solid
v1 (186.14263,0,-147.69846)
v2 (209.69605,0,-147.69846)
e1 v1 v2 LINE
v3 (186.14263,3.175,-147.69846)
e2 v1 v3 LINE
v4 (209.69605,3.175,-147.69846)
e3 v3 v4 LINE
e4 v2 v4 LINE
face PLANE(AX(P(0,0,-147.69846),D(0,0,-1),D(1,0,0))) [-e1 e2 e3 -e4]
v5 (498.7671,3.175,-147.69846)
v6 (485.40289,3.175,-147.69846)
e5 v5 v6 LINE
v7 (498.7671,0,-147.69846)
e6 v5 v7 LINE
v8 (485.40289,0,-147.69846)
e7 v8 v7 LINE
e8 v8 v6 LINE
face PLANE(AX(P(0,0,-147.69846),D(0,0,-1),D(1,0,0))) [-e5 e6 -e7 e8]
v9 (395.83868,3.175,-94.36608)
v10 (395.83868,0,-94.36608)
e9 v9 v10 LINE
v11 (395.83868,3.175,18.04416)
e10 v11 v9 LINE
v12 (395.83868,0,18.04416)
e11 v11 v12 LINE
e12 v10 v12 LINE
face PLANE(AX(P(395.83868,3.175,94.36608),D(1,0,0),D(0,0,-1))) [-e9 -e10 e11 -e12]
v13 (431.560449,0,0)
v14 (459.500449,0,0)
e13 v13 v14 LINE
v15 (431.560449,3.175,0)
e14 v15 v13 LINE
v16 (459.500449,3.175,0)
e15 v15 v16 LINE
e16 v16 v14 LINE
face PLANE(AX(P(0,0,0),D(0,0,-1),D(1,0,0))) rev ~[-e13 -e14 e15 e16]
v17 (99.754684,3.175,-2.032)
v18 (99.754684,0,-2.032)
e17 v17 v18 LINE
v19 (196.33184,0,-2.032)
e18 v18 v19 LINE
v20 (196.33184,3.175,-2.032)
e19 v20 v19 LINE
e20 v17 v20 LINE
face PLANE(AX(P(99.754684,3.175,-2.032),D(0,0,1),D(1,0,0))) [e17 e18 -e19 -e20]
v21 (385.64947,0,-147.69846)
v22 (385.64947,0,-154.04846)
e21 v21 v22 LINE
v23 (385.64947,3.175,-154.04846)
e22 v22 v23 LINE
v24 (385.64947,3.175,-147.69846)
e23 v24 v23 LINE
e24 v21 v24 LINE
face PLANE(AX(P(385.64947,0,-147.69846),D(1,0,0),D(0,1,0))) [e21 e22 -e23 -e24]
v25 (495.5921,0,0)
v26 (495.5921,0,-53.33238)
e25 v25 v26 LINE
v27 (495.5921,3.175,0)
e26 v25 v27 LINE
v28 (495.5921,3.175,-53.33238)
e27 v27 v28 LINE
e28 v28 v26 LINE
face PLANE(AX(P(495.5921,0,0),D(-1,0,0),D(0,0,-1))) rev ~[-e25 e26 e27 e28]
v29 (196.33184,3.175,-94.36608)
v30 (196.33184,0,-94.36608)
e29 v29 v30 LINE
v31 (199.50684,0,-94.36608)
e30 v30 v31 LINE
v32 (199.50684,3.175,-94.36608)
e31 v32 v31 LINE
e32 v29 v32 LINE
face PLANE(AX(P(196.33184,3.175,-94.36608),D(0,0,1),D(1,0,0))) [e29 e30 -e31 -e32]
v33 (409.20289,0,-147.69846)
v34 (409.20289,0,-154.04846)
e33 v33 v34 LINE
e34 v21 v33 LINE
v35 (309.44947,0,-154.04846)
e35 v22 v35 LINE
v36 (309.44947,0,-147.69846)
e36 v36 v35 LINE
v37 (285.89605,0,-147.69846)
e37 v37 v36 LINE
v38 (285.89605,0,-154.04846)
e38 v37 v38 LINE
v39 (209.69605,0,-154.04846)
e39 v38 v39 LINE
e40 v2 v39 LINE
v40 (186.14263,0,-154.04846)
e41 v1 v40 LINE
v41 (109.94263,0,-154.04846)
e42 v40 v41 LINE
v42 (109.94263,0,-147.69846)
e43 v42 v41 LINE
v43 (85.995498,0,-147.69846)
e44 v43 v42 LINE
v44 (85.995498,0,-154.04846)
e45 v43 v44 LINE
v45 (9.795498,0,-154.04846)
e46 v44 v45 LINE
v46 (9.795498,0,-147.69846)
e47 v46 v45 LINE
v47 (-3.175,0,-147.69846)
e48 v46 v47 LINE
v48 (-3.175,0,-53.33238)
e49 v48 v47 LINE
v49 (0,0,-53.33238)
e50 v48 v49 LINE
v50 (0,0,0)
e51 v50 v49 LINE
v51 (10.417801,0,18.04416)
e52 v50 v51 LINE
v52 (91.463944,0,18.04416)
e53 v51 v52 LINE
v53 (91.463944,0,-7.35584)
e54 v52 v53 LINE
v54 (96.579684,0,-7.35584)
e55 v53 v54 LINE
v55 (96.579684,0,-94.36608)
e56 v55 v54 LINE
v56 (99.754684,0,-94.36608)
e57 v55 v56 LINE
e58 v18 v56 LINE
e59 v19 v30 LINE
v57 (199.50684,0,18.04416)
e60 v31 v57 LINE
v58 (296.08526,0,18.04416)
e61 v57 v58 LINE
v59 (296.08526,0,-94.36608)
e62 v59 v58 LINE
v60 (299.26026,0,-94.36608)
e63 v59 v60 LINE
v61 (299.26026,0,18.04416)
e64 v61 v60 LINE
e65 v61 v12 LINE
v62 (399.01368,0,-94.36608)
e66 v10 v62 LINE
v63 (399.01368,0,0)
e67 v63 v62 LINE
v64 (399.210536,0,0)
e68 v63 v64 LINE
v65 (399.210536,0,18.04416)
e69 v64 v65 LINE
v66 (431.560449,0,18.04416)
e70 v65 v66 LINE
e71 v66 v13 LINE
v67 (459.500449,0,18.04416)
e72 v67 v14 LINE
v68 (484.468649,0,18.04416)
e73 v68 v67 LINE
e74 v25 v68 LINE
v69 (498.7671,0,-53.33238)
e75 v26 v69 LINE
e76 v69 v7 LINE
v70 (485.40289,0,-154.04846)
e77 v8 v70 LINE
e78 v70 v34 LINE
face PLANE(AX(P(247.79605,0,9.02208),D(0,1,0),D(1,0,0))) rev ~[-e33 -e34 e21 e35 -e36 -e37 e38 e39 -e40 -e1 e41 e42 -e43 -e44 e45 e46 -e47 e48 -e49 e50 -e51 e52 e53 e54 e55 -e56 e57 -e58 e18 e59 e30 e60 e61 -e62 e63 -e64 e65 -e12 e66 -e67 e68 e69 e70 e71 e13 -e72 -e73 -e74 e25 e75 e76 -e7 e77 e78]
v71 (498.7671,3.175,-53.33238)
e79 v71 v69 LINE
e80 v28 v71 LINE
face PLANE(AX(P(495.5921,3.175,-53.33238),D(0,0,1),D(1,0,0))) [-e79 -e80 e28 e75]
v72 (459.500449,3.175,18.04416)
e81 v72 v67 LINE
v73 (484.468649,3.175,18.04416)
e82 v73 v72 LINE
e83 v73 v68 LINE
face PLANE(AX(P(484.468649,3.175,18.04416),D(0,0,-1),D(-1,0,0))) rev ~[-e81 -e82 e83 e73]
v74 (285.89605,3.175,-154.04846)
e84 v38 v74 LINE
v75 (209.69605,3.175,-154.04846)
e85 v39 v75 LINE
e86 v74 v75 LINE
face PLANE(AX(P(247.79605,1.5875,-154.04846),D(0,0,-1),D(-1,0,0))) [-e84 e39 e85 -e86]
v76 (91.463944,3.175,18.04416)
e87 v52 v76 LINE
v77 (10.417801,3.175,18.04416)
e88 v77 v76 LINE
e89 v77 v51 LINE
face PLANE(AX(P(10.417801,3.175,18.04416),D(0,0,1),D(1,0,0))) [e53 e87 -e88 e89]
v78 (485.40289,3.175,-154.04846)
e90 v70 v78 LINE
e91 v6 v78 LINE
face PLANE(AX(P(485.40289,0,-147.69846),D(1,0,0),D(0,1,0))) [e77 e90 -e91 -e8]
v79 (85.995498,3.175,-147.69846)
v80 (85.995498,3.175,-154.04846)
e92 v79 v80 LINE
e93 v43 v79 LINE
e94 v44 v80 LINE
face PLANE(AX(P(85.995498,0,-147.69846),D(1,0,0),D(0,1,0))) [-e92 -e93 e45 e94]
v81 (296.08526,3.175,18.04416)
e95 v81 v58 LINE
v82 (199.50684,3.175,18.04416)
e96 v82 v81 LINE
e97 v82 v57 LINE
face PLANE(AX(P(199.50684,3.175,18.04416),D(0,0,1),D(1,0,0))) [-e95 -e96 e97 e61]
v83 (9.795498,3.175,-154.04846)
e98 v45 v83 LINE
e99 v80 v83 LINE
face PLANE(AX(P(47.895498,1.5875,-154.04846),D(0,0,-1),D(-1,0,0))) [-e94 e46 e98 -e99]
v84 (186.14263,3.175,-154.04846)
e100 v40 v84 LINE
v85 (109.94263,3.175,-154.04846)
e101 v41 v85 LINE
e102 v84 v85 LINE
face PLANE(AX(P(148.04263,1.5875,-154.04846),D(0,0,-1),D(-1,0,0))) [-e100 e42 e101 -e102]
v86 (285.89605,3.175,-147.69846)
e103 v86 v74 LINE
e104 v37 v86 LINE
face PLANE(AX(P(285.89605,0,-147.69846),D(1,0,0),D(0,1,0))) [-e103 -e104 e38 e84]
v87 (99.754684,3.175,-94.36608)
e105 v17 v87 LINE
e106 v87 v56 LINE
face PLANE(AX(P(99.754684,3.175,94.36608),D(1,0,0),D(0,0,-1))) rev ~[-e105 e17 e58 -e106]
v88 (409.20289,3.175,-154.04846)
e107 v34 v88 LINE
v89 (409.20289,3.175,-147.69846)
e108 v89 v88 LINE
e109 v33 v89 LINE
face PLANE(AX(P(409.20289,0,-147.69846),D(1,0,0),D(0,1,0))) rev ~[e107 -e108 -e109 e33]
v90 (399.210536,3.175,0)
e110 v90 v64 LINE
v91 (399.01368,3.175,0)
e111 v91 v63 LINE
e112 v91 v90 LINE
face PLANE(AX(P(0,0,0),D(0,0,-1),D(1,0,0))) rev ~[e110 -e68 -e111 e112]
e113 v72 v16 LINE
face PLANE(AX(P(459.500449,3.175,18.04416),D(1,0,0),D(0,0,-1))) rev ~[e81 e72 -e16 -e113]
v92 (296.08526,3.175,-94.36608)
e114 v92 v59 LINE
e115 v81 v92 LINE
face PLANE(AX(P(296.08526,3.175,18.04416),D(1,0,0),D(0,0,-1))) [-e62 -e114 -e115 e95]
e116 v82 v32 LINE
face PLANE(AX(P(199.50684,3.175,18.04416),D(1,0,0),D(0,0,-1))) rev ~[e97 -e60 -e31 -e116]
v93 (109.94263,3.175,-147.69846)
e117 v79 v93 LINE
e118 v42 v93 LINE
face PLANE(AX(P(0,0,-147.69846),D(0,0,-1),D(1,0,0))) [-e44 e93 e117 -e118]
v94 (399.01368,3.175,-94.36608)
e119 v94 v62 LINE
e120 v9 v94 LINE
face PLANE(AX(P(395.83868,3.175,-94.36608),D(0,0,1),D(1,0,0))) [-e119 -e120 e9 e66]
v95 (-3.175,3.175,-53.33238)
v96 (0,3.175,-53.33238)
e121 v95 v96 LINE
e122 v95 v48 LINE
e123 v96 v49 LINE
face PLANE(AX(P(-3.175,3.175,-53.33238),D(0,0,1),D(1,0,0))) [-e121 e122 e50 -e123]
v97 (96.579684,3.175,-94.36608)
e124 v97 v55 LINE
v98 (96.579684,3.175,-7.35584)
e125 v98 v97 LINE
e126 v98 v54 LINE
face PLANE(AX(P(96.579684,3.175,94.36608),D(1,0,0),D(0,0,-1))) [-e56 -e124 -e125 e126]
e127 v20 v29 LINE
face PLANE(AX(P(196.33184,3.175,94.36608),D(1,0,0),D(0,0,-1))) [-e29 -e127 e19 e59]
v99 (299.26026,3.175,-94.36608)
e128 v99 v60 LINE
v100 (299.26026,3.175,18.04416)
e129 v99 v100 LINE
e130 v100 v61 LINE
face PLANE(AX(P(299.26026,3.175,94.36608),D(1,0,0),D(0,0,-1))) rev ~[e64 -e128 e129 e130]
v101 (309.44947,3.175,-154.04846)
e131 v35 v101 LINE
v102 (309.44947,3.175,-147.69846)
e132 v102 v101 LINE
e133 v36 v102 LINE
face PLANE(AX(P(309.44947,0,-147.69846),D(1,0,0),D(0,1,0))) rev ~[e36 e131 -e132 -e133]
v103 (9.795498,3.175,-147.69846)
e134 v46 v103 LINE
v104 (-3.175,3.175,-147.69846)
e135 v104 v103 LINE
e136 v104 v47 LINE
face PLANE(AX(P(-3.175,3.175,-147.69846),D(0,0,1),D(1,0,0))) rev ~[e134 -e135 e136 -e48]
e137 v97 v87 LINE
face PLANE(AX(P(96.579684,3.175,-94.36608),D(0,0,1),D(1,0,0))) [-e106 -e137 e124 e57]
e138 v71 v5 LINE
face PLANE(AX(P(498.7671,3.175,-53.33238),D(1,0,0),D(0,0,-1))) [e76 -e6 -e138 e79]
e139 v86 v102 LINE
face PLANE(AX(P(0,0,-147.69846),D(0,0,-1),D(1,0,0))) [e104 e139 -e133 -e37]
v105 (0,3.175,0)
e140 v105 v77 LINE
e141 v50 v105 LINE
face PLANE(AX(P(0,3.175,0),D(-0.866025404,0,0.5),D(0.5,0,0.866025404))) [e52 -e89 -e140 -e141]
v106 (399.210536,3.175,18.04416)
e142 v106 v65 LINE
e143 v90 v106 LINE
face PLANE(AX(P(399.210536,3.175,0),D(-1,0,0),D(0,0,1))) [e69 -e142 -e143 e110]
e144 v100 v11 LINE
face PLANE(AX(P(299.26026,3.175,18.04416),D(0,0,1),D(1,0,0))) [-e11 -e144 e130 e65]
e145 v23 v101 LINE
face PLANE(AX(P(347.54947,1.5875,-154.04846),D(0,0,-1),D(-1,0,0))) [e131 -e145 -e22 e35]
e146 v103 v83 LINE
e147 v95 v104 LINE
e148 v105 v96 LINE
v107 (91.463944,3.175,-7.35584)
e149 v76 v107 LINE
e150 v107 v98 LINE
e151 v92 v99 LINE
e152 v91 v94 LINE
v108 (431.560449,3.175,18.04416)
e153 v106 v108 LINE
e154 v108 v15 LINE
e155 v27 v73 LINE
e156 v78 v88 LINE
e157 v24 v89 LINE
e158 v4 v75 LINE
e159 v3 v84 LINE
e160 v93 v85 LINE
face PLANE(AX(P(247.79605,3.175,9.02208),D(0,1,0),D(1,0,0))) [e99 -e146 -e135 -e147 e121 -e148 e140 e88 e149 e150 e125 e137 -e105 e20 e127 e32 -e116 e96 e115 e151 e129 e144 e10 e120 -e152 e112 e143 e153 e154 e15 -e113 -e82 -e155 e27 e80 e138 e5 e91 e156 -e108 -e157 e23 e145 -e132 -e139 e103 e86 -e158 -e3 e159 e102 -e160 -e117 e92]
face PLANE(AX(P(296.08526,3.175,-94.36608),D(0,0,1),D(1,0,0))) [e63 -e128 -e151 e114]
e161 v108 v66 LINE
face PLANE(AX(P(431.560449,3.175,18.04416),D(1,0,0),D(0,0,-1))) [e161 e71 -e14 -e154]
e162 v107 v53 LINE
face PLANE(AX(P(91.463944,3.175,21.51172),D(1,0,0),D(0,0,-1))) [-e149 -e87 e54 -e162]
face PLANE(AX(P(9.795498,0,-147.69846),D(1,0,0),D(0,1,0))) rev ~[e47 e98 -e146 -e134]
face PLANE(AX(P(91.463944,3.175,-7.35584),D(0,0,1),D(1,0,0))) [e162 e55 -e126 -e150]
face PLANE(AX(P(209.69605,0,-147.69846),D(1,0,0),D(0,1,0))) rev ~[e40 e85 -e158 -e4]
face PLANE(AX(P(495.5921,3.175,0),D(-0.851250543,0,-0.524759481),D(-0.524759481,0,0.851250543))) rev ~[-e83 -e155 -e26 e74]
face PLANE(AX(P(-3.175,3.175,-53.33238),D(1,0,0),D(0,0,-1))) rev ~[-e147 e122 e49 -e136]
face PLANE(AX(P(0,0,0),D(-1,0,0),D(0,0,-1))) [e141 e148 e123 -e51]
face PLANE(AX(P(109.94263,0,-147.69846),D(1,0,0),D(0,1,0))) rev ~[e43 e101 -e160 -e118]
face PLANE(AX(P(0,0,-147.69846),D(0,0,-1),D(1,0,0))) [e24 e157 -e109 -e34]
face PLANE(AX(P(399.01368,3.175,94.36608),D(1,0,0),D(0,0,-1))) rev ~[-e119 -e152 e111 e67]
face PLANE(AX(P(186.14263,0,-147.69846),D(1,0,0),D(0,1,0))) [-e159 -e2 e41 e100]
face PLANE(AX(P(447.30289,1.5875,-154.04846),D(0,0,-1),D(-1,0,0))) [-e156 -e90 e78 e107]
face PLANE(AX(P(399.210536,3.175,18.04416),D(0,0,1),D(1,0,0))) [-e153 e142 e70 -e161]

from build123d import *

# Parameters (mm, degrees)
SKETCH1_W           = 495.5921
SKETCH1_H           = 147.69846
BOSS_EXTRUDE1_DEPTH = 3.175
SKETCH2_W           = 76.2
SKETCH2_H           = 3.175
BOSS_EXTRUDE2_DEPTH = 6.35
SKETCH3_W           = 3.175
SKETCH3_H           = 188.73216
CUT_EXTRUDE1_DEPTH  = 3.175
SKETCH4_W           = 3.175
SKETCH4_H           = 94.36608
BOSS_EXTRUDE3_DEPTH = 3.175
SKETCH5_W           = 96.57842
SKETCH5_H           = 18.04416
BOSS_EXTRUDE4_DEPTH = 3.175
SKETCH6_W           = 96.577155917
SKETCH6_H           = 2.032
CUT_EXTRUDE2_DEPTH  = 523.024547982
SKETCH7_W           = 6.603370135
SKETCH7_H           = 28.867559882
CUT_EXTRUDE3_DEPTH  = 523.024547982


with BuildPart() as part:
    # Sketch1 → Boss-Extrude1 (new body)
    with BuildSketch(Plane(origin=(0, 0, 0), x_dir=(1, 0, 0), z_dir=(0, 1, 0))):
        with Locations((247.79605, 73.84923)):
            Rectangle(SKETCH1_W, SKETCH1_H)
    extrude(amount=BOSS_EXTRUDE1_DEPTH)

    # Sketch2 → Boss-Extrude2 (add)
    with BuildSketch(Plane(origin=(0, 0, -147.69846), x_dir=(-1, 0, 0), z_dir=(0, 0, -1))):
        with Locations((-447.30289, 1.5875)):
            Rectangle(SKETCH2_W, SKETCH2_H)
        with Locations((-347.54947, 1.5875)):
            Rectangle(SKETCH2_W, SKETCH2_H)
        with Locations((-247.79605, 1.5875)):
            Rectangle(SKETCH2_W, SKETCH2_H)
        with Locations((-148.04263, 1.5875)):
            Rectangle(SKETCH2_W, SKETCH2_H)
        with Locations((-47.895498166, 1.5875)):
            Rectangle(SKETCH2_W, SKETCH2_H)
    extrude(amount=BOSS_EXTRUDE2_DEPTH)

    # Sketch3 → Cut-Extrude1 (cut)
    with BuildSketch(Plane(origin=(0, 3.175, 0), x_dir=(1, 0, 0), z_dir=(0, 1, 0))):
        with Locations((397.42618, 0)):
            Rectangle(SKETCH3_W, SKETCH3_H)
        with Locations((297.67276, 0)):
            Rectangle(SKETCH3_W, SKETCH3_H)
        with Locations((197.91934, 0)):
            Rectangle(SKETCH3_W, SKETCH3_H)
        with Locations((98.167184083, 0)):
            Rectangle(SKETCH3_W, SKETCH3_H)
    extrude(amount=-CUT_EXTRUDE1_DEPTH, mode=Mode.SUBTRACT)

    # Sketch4 → Boss-Extrude3 (add, through all)
    with BuildSketch(Plane(origin=(0, 3.175, 0), x_dir=(1, 0, 0), z_dir=(0, 1, 0))):
        with Locations((-1.5875, 100.51542)):
            Rectangle(SKETCH4_W, SKETCH4_H)
        with Locations((497.1796, 100.51542)):
            Rectangle(SKETCH4_W, SKETCH4_H)
    extrude(amount=-BOSS_EXTRUDE3_DEPTH)

    # Sketch5 → Boss-Extrude4 (add, through all)
    with BuildSketch(Plane(origin=(0, 3.175, 0), x_dir=(1, 0, 0), z_dir=(0, 1, 0))):
        with Locations((247.79605, -9.02208)):
            Rectangle(SKETCH5_W, SKETCH5_H)
        with Locations((347.54947, -9.02208)):
            Rectangle(SKETCH5_W, SKETCH5_H)
        Polygon((429.9839, -18.04416), (431.560448611, -18.04416), (431.560448611, 0), (423.633900075, 0), (399.210535917, 0), (399.210535917, -18.04416), align=None)
        Polygon((495.5921, 0), (484.468648611, -18.04416), (459.500448611, -18.04416), (459.500448611, 0), (484.468648611, 0), align=None)
        Polygon((0, 0), (10.417800633, -18.04416), (96.579684083, -18.04416), (96.579684083, 0), align=None)
    extrude(amount=-BOSS_EXTRUDE4_DEPTH)

    # Sketch6 → Cut-Extrude2 (cut, through all)
    with BuildSketch(Plane(origin=(0, 3.175, 0), x_dir=(1, 0, 0), z_dir=(0, 1, 0))):
        with Locations((148.043262041, 1.016)):
            Rectangle(SKETCH6_W, SKETCH6_H)
    extrude(amount=-CUT_EXTRUDE2_DEPTH, mode=Mode.SUBTRACT)

    # Sketch7 → Cut-Extrude3 (cut, through all)
    with BuildSketch(Plane(origin=(0, 3.175, 0), x_dir=(1, 0, 0), z_dir=(0, 1, 0))):
        with Locations((94.765629101, -7.077939941)):
            Rectangle(SKETCH7_W, SKETCH7_H)
    extrude(amount=-CUT_EXTRUDE3_DEPTH, mode=Mode.SUBTRACT)


solid = part.part
